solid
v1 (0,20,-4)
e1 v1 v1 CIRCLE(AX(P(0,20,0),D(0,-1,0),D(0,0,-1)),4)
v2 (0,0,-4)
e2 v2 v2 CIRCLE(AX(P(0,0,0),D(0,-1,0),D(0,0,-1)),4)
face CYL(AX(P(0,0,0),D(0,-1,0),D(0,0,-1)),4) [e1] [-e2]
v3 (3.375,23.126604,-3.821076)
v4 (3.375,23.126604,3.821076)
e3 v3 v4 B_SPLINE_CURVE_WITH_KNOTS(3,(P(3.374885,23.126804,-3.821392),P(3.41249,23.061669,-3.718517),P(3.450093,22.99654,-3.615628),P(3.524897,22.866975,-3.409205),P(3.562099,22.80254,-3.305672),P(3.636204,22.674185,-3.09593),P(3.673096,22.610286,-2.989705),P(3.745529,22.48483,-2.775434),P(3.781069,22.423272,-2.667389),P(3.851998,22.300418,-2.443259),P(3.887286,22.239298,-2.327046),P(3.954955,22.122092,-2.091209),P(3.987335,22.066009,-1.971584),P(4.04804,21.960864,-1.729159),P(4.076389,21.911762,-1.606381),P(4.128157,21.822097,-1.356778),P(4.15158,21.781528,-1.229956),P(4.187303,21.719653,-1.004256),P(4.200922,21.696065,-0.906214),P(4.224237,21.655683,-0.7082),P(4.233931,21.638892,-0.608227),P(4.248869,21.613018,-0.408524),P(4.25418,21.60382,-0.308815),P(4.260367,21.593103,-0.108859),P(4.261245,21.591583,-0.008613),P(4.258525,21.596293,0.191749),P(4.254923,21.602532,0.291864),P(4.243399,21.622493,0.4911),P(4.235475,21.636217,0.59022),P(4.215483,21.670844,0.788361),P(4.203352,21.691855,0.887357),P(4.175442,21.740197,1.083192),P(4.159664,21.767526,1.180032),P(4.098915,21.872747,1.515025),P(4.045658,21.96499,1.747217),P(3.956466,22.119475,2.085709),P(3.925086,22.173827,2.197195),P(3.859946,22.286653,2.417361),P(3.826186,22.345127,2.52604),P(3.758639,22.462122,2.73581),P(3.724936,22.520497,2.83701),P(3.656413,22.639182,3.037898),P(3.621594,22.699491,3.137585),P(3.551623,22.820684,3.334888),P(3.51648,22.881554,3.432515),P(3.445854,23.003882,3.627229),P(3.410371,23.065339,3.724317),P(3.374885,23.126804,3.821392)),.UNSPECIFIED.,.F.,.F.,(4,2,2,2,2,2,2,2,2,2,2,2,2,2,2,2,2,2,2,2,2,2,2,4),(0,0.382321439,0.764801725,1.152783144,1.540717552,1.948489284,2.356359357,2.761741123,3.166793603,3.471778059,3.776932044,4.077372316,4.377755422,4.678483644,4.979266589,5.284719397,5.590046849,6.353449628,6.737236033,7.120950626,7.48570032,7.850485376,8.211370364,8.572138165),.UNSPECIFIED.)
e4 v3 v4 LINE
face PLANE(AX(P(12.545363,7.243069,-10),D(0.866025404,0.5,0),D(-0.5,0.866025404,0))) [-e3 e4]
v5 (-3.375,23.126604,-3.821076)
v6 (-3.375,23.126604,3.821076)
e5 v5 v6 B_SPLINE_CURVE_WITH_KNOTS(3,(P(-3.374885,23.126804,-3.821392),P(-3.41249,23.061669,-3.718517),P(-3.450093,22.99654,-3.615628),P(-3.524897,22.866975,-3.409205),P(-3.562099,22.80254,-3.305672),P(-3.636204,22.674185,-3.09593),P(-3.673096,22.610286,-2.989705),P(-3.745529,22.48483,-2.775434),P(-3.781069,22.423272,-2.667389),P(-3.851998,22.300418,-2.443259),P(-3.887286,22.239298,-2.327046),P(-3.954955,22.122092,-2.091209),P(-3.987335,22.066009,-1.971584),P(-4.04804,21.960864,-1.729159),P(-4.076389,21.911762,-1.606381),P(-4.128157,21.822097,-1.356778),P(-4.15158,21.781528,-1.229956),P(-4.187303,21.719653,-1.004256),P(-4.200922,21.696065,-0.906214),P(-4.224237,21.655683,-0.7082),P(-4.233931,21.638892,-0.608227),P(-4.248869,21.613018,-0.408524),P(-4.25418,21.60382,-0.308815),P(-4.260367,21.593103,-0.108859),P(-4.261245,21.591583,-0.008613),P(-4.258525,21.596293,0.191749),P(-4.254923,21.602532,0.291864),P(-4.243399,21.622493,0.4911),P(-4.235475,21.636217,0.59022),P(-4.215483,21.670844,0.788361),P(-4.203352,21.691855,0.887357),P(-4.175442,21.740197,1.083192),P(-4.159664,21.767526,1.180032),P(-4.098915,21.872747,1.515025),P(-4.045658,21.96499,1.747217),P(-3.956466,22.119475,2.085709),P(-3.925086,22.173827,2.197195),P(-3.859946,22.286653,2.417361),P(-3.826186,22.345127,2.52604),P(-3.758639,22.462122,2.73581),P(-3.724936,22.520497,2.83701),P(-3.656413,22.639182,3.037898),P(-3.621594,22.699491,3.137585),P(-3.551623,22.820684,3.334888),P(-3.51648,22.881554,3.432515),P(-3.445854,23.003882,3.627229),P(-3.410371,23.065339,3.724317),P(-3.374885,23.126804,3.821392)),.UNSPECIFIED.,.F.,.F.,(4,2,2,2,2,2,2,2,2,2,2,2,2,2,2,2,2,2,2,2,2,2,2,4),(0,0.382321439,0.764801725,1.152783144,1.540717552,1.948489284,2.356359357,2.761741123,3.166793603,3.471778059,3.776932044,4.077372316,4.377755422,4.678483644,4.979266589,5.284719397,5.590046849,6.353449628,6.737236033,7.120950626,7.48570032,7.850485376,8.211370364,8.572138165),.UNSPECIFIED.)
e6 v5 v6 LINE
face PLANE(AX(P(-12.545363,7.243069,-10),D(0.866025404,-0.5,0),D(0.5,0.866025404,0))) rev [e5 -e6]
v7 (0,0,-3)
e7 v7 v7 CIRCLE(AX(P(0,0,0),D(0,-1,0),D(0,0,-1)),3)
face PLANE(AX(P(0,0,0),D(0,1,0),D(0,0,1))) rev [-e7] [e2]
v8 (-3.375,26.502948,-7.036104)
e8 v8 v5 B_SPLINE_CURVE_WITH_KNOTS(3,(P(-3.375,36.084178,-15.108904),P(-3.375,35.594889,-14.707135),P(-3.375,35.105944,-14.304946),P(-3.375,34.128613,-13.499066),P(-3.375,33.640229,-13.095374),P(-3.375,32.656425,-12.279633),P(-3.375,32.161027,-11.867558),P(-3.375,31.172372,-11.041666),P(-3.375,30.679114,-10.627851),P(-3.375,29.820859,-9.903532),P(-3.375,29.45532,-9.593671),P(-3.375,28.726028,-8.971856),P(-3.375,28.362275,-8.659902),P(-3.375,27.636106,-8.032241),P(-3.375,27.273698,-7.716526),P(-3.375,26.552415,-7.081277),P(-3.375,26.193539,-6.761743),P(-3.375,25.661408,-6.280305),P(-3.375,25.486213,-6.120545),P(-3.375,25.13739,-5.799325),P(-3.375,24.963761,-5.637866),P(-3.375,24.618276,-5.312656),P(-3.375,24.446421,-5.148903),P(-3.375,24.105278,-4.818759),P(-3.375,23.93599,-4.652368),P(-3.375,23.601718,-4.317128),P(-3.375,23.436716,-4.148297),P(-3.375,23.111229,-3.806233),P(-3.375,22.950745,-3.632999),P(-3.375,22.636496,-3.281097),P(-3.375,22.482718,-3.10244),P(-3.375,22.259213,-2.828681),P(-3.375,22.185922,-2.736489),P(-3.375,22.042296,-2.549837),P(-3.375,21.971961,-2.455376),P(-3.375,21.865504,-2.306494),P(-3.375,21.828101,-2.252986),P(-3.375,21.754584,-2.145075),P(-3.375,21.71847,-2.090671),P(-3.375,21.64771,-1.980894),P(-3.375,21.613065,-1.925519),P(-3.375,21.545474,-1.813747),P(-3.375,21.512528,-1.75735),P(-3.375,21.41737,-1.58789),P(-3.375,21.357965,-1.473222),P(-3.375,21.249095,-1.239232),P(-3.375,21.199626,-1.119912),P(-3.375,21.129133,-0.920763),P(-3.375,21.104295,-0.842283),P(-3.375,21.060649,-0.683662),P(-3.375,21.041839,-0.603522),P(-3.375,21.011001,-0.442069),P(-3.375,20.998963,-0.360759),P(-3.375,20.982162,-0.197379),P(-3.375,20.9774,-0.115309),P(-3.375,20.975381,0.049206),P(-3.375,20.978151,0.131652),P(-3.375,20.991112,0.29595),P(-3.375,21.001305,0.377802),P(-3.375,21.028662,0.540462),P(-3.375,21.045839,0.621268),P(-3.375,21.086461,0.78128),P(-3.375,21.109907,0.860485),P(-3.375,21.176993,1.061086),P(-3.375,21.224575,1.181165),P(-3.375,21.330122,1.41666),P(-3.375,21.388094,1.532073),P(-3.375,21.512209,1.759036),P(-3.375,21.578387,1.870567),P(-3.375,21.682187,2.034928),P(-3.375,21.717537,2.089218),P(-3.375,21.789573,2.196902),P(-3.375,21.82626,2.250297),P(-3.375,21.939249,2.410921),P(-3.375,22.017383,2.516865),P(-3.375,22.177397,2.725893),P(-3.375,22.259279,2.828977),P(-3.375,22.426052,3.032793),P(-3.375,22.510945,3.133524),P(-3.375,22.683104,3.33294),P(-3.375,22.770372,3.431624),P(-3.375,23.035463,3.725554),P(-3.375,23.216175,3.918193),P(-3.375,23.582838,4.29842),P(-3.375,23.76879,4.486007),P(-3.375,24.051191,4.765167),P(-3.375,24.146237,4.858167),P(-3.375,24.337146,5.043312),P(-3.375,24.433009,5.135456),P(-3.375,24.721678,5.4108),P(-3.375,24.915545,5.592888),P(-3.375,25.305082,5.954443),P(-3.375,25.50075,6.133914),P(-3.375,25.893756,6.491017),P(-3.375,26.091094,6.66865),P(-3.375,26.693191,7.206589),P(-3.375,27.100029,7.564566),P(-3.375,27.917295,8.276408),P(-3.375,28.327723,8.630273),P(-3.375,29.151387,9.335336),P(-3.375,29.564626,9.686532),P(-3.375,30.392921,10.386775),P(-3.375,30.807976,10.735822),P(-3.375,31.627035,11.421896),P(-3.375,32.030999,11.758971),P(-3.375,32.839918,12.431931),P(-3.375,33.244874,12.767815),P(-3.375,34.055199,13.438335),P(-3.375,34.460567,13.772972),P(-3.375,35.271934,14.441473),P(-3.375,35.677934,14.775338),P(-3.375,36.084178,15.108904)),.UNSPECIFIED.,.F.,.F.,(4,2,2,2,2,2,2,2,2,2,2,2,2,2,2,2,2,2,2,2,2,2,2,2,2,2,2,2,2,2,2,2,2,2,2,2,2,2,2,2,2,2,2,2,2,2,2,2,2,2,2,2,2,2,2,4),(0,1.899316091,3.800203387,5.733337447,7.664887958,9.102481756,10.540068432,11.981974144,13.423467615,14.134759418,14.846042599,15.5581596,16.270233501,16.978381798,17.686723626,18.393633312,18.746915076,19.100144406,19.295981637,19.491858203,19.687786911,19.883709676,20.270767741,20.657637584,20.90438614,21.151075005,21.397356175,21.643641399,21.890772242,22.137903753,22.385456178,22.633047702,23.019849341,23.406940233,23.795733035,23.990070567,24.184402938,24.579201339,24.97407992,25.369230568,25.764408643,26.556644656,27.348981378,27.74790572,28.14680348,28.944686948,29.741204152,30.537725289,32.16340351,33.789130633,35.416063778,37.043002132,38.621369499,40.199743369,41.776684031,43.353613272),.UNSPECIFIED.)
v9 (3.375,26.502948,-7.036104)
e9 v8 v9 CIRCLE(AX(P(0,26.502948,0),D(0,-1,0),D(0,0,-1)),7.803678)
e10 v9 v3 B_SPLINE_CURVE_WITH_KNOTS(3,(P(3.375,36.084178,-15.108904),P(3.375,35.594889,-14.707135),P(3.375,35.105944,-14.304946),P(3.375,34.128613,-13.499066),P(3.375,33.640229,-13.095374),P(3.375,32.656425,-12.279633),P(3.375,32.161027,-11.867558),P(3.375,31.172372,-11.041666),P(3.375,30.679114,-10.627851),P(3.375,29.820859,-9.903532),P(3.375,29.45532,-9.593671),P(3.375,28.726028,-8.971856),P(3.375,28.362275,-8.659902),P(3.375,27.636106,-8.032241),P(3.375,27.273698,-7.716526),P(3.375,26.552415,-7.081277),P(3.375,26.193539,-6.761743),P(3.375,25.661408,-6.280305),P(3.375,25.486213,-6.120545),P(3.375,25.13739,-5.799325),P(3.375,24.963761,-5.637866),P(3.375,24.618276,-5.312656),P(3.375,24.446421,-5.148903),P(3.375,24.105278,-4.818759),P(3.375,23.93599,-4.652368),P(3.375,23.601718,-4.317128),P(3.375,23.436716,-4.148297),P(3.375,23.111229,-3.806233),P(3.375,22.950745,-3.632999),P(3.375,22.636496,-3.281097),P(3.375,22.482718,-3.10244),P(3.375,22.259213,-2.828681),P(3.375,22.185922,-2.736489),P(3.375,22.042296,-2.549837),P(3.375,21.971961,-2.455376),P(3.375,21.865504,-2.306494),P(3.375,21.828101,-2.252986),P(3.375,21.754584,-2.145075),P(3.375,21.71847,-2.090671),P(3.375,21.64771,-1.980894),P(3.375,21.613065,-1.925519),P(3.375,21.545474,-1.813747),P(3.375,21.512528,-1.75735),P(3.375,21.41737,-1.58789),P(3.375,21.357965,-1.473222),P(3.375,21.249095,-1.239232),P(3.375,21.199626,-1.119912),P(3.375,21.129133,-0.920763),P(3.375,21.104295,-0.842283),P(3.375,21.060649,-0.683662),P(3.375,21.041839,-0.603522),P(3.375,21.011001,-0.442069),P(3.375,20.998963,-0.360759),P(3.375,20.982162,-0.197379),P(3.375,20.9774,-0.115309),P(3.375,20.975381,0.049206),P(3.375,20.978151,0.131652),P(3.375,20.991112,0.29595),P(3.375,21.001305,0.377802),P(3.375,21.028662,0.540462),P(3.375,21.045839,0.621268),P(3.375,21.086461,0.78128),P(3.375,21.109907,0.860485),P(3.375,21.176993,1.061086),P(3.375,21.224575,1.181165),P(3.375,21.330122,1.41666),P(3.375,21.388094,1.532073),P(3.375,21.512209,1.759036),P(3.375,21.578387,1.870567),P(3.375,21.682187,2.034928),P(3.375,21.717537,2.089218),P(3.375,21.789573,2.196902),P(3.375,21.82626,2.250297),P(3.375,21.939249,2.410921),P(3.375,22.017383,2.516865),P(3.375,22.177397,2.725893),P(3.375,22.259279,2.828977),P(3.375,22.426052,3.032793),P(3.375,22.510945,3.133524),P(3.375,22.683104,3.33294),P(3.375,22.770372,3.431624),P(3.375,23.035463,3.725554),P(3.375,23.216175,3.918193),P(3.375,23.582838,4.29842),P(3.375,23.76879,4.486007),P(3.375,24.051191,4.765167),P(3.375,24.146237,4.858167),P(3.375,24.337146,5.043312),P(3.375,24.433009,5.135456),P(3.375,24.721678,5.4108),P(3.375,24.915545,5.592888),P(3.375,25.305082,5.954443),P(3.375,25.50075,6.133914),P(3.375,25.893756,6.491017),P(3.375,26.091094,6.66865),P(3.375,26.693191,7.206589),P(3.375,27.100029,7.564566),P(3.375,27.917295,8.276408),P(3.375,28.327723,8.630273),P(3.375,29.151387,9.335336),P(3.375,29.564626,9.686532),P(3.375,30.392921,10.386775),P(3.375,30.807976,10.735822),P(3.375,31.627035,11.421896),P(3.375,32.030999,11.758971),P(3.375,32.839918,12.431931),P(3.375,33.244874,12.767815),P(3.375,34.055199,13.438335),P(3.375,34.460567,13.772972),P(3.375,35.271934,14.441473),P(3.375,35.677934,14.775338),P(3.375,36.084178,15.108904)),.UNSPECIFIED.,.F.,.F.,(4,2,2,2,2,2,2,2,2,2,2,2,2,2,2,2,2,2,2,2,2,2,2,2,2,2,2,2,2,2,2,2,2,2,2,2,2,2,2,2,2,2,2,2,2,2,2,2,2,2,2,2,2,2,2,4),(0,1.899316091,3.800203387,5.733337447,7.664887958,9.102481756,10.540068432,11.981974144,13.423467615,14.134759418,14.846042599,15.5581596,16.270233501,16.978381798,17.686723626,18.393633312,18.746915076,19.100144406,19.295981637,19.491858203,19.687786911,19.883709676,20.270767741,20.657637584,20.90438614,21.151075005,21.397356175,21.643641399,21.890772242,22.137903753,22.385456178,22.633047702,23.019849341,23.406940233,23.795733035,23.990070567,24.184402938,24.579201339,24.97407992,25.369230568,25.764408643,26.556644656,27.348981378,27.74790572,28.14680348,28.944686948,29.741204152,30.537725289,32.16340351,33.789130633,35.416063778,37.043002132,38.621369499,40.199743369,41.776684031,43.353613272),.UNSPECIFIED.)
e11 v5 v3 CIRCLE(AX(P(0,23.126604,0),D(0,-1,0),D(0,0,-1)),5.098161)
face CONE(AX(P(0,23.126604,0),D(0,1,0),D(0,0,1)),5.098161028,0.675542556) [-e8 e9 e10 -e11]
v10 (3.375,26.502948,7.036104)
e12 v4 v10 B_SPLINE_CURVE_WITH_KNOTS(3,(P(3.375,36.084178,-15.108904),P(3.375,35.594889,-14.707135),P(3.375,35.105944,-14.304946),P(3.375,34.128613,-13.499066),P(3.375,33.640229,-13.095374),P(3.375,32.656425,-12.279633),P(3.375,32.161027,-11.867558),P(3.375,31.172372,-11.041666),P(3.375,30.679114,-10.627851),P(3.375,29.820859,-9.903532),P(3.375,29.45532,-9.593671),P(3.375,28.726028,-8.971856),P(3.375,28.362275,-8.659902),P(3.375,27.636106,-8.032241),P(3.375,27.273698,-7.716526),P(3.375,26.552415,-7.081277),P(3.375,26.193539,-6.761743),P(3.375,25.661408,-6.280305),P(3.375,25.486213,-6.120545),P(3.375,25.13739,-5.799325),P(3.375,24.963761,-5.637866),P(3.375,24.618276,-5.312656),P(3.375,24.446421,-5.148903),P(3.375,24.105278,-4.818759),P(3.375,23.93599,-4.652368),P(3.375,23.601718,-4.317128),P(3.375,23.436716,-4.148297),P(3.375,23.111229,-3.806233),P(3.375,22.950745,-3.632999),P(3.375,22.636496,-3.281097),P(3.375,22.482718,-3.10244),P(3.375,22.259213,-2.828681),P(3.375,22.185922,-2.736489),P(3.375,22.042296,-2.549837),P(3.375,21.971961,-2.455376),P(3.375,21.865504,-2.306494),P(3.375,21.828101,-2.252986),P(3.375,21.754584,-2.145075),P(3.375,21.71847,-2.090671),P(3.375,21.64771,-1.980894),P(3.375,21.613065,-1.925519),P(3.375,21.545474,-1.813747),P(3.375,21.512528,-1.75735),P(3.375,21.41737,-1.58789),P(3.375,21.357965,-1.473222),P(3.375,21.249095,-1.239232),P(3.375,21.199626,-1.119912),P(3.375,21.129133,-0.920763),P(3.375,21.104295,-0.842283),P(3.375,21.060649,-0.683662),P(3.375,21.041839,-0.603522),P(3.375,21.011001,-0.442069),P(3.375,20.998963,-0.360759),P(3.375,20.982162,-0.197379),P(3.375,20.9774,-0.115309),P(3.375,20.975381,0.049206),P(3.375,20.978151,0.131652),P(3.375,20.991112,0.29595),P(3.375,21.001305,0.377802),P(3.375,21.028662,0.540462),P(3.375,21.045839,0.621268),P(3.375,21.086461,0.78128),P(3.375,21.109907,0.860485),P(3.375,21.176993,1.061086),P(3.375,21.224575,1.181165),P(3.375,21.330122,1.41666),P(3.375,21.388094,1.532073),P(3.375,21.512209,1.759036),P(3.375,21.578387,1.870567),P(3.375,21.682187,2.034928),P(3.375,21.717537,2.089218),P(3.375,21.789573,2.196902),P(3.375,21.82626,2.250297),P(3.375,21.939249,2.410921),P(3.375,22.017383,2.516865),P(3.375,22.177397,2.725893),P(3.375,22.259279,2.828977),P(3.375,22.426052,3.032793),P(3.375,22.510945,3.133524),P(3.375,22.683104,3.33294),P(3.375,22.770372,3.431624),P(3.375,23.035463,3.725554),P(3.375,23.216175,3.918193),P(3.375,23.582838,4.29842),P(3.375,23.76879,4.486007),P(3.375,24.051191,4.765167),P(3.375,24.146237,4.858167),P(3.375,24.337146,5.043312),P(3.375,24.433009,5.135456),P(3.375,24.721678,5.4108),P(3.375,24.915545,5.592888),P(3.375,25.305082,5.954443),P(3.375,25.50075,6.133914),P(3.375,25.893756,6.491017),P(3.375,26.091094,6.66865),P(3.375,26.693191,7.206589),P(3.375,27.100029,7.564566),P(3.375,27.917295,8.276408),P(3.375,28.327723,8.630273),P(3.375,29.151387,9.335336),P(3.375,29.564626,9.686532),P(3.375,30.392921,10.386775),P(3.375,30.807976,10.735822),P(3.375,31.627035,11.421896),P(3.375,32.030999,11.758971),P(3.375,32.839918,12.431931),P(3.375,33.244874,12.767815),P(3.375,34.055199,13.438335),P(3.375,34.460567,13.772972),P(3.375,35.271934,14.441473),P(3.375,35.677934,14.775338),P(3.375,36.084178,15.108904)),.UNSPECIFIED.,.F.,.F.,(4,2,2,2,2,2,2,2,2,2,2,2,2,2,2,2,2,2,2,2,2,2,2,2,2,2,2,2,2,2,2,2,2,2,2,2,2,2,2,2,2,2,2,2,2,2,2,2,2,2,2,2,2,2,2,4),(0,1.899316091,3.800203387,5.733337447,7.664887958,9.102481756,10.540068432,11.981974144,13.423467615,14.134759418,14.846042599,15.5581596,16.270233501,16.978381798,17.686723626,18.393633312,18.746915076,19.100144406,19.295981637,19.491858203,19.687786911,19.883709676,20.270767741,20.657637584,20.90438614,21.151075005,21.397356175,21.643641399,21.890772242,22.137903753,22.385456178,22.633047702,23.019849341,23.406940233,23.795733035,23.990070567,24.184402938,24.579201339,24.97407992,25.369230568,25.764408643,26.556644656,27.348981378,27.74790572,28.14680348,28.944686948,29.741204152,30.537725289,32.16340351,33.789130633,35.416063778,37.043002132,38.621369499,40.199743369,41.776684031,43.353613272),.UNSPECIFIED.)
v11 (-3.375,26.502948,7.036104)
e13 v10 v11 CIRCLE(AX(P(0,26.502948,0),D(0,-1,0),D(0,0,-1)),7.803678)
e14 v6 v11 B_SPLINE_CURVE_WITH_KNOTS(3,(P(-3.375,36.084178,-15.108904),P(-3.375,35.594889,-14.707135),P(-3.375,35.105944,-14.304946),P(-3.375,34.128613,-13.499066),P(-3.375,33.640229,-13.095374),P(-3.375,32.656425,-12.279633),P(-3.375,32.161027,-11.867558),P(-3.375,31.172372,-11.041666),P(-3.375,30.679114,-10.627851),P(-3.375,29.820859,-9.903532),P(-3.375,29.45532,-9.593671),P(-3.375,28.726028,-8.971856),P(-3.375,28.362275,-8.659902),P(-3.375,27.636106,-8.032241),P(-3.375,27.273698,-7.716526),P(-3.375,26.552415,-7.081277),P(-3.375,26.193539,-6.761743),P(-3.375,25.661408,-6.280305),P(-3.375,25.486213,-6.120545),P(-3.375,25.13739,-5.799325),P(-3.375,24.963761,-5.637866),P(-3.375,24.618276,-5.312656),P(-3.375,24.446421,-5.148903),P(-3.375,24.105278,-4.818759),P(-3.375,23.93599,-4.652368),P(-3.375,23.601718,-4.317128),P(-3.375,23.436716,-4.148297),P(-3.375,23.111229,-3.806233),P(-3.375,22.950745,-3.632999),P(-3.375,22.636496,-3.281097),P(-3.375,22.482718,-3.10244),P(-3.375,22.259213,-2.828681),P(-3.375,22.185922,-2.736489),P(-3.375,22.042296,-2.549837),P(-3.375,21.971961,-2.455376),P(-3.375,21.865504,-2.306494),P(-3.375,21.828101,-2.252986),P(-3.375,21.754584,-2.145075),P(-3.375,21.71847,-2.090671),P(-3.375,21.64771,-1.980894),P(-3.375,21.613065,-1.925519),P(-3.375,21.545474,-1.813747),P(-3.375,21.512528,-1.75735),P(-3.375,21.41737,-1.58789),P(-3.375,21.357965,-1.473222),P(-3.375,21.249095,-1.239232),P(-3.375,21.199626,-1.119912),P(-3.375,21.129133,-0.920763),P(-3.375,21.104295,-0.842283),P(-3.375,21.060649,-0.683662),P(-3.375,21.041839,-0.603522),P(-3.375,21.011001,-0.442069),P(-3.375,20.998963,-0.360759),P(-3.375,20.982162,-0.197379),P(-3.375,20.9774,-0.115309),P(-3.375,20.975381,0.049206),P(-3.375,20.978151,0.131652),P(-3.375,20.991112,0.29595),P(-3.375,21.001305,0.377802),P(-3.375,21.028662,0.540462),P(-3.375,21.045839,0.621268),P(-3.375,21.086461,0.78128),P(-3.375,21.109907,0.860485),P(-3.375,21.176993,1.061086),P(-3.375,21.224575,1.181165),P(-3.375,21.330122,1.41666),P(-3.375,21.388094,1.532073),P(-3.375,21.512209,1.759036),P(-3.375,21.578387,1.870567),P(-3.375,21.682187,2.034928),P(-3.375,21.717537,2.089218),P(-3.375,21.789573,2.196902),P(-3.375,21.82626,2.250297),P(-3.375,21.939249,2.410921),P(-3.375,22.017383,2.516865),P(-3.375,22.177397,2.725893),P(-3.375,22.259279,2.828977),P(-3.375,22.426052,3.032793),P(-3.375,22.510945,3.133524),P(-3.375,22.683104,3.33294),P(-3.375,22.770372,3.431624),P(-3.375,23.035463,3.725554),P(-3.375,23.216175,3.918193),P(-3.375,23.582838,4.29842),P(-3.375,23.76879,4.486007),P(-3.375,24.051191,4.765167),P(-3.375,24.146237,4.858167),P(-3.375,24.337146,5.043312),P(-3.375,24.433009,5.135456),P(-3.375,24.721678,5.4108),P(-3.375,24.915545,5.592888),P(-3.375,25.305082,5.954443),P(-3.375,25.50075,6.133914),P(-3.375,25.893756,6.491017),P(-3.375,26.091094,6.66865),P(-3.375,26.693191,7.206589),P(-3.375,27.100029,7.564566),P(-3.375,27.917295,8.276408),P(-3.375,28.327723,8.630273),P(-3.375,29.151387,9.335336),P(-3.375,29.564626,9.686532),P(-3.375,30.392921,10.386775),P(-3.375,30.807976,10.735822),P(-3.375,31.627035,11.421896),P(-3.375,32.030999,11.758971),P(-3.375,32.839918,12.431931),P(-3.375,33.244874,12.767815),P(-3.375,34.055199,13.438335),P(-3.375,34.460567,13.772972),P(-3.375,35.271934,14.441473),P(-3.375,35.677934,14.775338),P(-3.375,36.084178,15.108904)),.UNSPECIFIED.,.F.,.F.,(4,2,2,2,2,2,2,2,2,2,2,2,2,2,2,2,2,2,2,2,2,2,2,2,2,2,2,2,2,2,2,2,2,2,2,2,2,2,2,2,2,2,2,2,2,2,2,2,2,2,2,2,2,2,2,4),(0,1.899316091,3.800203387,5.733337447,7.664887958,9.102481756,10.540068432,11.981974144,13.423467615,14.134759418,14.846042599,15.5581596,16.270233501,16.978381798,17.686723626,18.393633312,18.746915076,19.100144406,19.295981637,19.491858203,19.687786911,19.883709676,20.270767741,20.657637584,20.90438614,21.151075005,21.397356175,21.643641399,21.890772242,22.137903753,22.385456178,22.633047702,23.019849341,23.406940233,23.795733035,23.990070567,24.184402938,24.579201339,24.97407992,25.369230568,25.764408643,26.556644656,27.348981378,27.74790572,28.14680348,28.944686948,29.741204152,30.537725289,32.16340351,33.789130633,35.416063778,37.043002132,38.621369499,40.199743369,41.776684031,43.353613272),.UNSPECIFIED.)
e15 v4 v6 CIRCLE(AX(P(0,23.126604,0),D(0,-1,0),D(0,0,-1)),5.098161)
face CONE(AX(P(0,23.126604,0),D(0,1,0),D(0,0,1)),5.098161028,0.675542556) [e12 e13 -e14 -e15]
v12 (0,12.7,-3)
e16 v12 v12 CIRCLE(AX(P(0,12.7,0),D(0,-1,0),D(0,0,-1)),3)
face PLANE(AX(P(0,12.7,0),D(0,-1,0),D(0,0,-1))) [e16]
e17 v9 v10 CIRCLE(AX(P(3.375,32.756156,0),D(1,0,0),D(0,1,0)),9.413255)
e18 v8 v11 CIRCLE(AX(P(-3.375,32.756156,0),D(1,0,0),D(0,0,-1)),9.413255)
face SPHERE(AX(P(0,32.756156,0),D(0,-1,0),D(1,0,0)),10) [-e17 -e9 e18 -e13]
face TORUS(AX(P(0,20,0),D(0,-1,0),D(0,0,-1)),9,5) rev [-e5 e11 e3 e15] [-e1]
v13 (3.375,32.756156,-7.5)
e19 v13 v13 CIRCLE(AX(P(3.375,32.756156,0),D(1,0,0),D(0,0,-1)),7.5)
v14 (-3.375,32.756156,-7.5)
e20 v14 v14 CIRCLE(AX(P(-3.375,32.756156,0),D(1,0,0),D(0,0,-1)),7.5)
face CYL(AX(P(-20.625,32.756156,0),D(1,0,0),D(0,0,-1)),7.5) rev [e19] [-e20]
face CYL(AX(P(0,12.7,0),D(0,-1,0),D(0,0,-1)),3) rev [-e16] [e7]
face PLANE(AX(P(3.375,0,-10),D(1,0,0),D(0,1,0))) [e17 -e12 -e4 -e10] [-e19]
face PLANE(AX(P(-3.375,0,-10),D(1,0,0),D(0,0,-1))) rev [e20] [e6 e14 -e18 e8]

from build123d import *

# Parameters (mm, degrees)
CUT_EXTRUDE4_DEPTH      = 46.034307992
CUT_EXTRUDE4_DEPTH_BACK = 46.034307992
SKETCH3_R               = 7.5
CUT_EXTRUDE5_DEPTH      = 24
SKETCH5_R               = 3
CUT_EXTRUDE6_DEPTH      = 12.7


with BuildPart() as part:
    # Sketch1 → Revolve2 (revolve)
    with BuildSketch(Plane.XY, mode=Mode.PRIVATE) as revolve2_sk:
        with BuildLine():
            Line((0, 0), (0, 42.756156239))
            ThreePointArc((0, 42.756156239), (-9.01476789, 37.08443071), (-7.803677944, 26.502948219))
            Line((-7.803677944, 26.502948219), (-5.098161028, 23.12660401))
            ThreePointArc((-5.098161028, 23.12660401), (-4.282522133, 21.656925638), (-4, 20))
            Line((-4, 20), (-4, 0))
            Line((-4, 0), (0, 0))
        make_face()
    revolve(revolve2_sk.sketch.rotate(Axis((0, 0, 0), (0, 1, 0)), 270), axis=Axis((0, 0, 0), (0, 1, 0)))

    # Sketch2 → Cut-Extrude4 (cut, two sides: drawn at the far end of the back side and taken through both)
    with BuildSketch(Plane.XY.offset(-CUT_EXTRUDE4_DEPTH_BACK)):
        Polygon((-3.375, 42.756156239), (-20, 42.756156239), (-20, -5.668740666), (-3.375, 23.12660401), align=None)
        Polygon((20, 42.756156239), (3.375, 42.756156239), (3.375, 23.12660401), (20, -5.668740666), align=None)
    extrude(amount=CUT_EXTRUDE4_DEPTH + CUT_EXTRUDE4_DEPTH_BACK, mode=Mode.SUBTRACT)

    # Sketch3 → Cut-Extrude5 (cut)
    with BuildSketch(Plane(origin=(3.375, 0, 0), x_dir=(0, 0, -1), z_dir=(1, 0, 0))):
        with Locations((0, 32.756156239)):
            Circle(SKETCH3_R)
    extrude(amount=-CUT_EXTRUDE5_DEPTH, mode=Mode.SUBTRACT)

    # Sketch5 → Cut-Extrude6 (cut)
    with BuildSketch(Plane.XZ):
        with Locations(Location((0, 0, 0), (0, 0, 270))):
            Circle(SKETCH5_R)
    extrude(amount=-CUT_EXTRUDE6_DEPTH, mode=Mode.SUBTRACT)


solid = part.part
